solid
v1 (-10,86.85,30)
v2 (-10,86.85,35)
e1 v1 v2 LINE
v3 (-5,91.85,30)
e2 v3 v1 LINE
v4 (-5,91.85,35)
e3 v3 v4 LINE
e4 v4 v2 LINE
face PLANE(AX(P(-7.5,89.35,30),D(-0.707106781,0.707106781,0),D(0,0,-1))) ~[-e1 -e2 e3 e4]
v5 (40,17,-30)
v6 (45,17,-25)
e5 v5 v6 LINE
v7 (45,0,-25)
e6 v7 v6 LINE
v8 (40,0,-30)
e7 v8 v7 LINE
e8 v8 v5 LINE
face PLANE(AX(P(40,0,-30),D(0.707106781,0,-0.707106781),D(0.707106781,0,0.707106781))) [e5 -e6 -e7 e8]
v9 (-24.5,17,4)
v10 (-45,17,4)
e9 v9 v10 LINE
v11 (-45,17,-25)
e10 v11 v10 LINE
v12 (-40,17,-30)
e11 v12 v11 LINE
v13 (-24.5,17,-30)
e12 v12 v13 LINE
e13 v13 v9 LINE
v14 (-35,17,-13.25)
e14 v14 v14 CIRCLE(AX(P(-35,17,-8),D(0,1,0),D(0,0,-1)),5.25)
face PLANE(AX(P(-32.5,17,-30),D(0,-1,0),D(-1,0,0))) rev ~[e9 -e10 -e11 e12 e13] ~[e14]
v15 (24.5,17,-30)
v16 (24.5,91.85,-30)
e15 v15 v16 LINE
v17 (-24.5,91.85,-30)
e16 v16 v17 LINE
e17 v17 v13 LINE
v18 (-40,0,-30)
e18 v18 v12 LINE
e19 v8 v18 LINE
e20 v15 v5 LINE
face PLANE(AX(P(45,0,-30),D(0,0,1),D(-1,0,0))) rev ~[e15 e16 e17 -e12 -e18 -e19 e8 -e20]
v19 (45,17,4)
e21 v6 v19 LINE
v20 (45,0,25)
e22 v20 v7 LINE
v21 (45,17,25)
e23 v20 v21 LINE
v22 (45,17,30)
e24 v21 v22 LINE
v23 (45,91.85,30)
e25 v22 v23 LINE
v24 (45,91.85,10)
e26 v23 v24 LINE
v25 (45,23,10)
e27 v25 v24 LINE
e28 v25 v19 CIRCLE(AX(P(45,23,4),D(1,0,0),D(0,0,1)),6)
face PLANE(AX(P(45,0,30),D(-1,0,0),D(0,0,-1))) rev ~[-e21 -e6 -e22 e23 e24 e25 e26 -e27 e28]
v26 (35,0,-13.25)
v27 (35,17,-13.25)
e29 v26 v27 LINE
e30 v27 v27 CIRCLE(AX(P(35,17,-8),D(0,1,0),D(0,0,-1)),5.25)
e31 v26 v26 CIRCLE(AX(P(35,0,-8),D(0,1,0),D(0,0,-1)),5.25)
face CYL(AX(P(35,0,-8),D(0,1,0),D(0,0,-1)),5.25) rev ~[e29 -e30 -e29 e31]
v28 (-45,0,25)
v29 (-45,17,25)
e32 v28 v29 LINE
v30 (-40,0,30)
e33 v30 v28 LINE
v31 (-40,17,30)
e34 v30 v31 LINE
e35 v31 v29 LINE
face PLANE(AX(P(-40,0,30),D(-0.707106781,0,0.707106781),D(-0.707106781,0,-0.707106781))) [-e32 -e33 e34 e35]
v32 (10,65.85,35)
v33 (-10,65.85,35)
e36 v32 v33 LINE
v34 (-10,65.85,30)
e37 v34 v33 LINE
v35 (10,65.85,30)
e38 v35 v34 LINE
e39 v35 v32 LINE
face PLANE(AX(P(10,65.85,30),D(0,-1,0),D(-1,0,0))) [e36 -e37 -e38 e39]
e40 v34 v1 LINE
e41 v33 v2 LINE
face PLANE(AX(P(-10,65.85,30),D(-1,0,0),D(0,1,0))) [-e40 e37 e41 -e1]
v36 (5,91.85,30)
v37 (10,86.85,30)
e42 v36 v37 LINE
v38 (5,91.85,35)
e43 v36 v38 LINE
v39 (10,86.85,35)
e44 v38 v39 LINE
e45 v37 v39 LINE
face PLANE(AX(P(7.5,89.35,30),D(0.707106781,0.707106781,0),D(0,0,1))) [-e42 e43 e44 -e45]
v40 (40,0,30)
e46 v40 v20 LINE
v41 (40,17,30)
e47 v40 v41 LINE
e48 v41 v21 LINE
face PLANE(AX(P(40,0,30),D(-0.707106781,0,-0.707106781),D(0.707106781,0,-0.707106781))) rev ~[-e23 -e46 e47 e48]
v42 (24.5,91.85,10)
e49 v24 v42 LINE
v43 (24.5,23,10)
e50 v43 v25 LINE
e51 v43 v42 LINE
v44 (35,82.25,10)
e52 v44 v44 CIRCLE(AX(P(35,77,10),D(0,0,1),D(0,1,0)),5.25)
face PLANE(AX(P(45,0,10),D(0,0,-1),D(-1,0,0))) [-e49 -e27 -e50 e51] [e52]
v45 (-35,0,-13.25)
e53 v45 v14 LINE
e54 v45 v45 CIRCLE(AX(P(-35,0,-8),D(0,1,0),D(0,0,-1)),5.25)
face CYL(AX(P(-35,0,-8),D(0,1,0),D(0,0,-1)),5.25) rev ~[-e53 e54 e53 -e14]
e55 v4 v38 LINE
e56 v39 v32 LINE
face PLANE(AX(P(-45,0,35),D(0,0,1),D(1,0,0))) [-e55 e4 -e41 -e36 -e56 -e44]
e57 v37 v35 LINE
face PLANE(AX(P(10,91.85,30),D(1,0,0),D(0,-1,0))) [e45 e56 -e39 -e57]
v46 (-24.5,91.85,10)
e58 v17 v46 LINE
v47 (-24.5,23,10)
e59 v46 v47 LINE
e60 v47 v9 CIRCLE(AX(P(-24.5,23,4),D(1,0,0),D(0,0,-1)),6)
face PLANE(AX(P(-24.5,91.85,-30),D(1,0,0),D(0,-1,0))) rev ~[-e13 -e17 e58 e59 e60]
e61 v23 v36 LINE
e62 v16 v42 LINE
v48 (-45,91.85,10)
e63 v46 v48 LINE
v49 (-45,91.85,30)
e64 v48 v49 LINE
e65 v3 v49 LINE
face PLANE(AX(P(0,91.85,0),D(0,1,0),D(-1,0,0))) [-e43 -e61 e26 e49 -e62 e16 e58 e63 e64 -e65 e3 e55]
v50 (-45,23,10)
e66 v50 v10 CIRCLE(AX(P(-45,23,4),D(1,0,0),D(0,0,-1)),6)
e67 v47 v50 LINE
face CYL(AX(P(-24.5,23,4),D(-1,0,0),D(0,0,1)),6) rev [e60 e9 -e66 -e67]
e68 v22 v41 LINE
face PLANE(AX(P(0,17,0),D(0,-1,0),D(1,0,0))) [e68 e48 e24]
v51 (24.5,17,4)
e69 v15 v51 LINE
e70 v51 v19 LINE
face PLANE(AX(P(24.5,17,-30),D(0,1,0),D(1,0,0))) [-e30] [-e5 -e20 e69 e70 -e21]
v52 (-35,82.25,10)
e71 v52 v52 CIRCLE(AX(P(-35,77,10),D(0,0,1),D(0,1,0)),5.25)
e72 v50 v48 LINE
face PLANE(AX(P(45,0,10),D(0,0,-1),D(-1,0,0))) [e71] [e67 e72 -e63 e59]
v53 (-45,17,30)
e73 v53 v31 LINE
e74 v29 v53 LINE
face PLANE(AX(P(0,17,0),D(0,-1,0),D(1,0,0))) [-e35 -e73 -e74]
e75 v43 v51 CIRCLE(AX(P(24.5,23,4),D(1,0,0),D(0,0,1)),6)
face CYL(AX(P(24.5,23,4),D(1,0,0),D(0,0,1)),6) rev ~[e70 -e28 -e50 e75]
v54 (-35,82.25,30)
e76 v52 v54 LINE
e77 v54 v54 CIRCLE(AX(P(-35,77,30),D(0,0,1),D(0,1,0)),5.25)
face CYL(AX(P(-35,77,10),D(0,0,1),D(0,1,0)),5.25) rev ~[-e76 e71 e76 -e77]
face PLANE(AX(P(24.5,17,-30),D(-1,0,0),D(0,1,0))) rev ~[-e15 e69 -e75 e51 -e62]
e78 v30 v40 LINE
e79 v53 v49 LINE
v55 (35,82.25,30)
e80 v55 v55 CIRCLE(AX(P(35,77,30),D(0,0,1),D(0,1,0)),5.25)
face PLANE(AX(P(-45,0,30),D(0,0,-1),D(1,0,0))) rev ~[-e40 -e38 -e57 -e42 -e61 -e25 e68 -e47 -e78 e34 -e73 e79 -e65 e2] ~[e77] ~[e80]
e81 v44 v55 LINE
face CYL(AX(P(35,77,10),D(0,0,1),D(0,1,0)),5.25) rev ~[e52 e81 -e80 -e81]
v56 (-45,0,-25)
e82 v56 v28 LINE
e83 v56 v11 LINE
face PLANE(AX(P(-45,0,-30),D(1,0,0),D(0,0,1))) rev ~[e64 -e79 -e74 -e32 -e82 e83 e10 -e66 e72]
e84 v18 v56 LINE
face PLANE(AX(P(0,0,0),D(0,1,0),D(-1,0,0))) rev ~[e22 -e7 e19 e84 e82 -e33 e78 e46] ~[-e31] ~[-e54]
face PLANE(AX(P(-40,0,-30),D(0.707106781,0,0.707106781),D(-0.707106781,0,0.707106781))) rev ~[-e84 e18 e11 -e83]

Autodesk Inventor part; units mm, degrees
ref_plane "YZ Plane" through (0, 0, 0) normal (1, 0, 0) x (0, 1, 0)
ref_plane "XZ Plane" through (0, 0, 0) normal (0, 1, 0) x (-1, 0, 0)
ref_plane "XY Plane" through (0, 0, 0) normal (0, 0, 1) x (1, 0, 0)
sketch "Sketch5" plane through (0, 0, 0) normal (0, 1, 0) x (-1, 0, 0)
  line L0 (45, 30) -> (-45, 30)
  line L1 (-45, 30) -> (-45, -30)
  line L2 (-45, -30) -> (45, -30)
  line L3 (45, -30) -> (45, 30)
  point P0 (0, 0)
  point P1 (0, 30)
  point P2 (45, 0)
  dimension "d8" = 90
  dimension "d9" = 60
extrude "Extrusion5" add sketch "Sketch5" along normal blind 91.85
sketch "Sketch6" plane through (-45, 0, 30) normal (0, 0, 1) x (1, 0, 0)
  line L0 (0, 0) -> (90, 0) projected
  line L1 (0, 91.85) -> (90, 91.85) projected
  line L2 (35, 91.85) -> (55, 91.85)
  line L3 (55, 91.85) -> (55, 65.85)
  line L4 (55, 65.85) -> (35, 65.85)
  line L5 (35, 65.85) -> (35, 91.85)
  point P0 (45, 0)
  point P1 (45, 65.85)
  point P2 (45, 0)
  dimension "d12" = 26
  dimension "d13" = 20
extrude "Extrusion6" add sketch "Sketch6" along normal blind 5
chamfer "Chamfer2" distance 5 angle 45 2 edges at (10, 91.85, 32.5) (-10, 91.85, 32.5)
sketch "Sketch8" plane through (45, 0, -30) normal (0, 0, -1) x (-1, 0, 0)
  line L0 (0, 0) -> (90, 0) projected
  line L1 (90, 0) -> (90, 91.85) projected
  line L2 (0, 91.85) -> (90, 91.85) projected
  line L3 (0, 0) -> (0, 91.85) projected
  line L4 (20.5, 17) -> (20.5, 91.85)
  line L5 (45, 0) -> (45, 11.253)
  line L6 (45, 91.85) -> (45, 84.4514)
  line L7 (69.5, 91.85) -> (69.5, 17)
  line L8 (77.5, 17) -> (90, 17)
  line L9 (77.5, 17) -> (69.5, 17)
  line L10 (20.5, 17) -> (0, 17)
  point P0 (20.5, 25)
  point P1 (12.5, 17)
  point P2 (69.5, 25)
  dimension "d42" = 90
extrude "Extrusion7" cut sketch "Sketch8" against normal blind 40 contours L3 L2 L4 L10 | L8 L9 L7 L2 L1
sketch "Sketch9" plane through (45, 0, 10) normal (0, 0, -1) x (-1, 0, 0)
  circle A0 centre (10, 77) radius 5
  circle A1 centre (80, 77) radius 5
  line L0 (0, 0) -> (90, 0) projected
  line L1 (0, 17) -> (0, 91.85) projected
  circle A2 centre (10, 77) radius 10
  line L2 (0, 91.85) -> (90, 91.85)
  line L3 (45, 91.85) -> (45, 95.8754) construction
  line L4 (20.5, 91.85) -> (20.5, 17) construction
  point P0 (45, 0)
  dimension "d47" = 10
  dimension "d56" = 70
  dimension "d58" = 77
  dimension "d61" = 20
  dimension "d62" = 35
  dimension "d63" = 20.5
hole "Hole2" at (-35, 77, 10) at (35, 77, 10) direction (0, 0, 1) diameter 10.5 end through all
fillet "Fillet3" radius 6 2 edges at (34.75, 17, 10) (-34.75, 17, 10)
sketch "Sketch11" plane through (0, 0, 0) normal (0, -1, 0) x (1, 0, 0)
  line L0 (45, -30) -> (-45, -30) projected
  circle A0 centre (-35, -8) radius 5.25
  circle A1 centre (35, -8) radius 5.25
  circle A2 centre (-35, -8) radius 10
  line L1 (-24.5, 4) -> (-45, 4) projected
  point P0 (0, 0)
  dimension "d64" = 70
  dimension "d65" = 10.5
  dimension "d66" = 20
  dimension "d67" = 22
  dimension "d75" = 35
  dimension "d76" = 34
hole "Hole3" at (-35, 0, -8) at (35, 0, -8) direction (0, 1, 0) diameter 10.5 end through all
sketch "Sketch12" plane through (0, 0, 0) normal (0, -1, 0) x (1, 0, 0)
  line L0 (45, 30) -> (40, 30)
  line L1 (45, 25) -> (45, 30)
  line L2 (40, 30) -> (45, 25)
  line L3 (0, 0) -> (-5.6727, 0)
  line L4 (0, 0) -> (0, 4.9012)
  line L5 (45, -30) -> (40, -30)
  line L6 (45, -25) -> (45, -30)
  line L7 (40, -30) -> (45, -25)
  line L8 (-45, 30) -> (-40, 30)
  line L9 (-45, 25) -> (-45, 30)
  line L10 (-40, 30) -> (-45, 25)
  line L11 (-45, -30) -> (-40, -30)
  line L12 (-45, -25) -> (-45, -30)
  line L13 (-40, -30) -> (-45, -25)
  dimension "d80" = 5
  dimension "d81" = 5
extrude "Extrusion8" cut sketch "Sketch12" against normal up to surface (17 mm away) from surface at 0
equation "\"d62\" = 0.5 * d56"
equation "\"d75\" = 0.5 * d64"
properties part number "BC-10019-A" material "Alumínio 7075"
